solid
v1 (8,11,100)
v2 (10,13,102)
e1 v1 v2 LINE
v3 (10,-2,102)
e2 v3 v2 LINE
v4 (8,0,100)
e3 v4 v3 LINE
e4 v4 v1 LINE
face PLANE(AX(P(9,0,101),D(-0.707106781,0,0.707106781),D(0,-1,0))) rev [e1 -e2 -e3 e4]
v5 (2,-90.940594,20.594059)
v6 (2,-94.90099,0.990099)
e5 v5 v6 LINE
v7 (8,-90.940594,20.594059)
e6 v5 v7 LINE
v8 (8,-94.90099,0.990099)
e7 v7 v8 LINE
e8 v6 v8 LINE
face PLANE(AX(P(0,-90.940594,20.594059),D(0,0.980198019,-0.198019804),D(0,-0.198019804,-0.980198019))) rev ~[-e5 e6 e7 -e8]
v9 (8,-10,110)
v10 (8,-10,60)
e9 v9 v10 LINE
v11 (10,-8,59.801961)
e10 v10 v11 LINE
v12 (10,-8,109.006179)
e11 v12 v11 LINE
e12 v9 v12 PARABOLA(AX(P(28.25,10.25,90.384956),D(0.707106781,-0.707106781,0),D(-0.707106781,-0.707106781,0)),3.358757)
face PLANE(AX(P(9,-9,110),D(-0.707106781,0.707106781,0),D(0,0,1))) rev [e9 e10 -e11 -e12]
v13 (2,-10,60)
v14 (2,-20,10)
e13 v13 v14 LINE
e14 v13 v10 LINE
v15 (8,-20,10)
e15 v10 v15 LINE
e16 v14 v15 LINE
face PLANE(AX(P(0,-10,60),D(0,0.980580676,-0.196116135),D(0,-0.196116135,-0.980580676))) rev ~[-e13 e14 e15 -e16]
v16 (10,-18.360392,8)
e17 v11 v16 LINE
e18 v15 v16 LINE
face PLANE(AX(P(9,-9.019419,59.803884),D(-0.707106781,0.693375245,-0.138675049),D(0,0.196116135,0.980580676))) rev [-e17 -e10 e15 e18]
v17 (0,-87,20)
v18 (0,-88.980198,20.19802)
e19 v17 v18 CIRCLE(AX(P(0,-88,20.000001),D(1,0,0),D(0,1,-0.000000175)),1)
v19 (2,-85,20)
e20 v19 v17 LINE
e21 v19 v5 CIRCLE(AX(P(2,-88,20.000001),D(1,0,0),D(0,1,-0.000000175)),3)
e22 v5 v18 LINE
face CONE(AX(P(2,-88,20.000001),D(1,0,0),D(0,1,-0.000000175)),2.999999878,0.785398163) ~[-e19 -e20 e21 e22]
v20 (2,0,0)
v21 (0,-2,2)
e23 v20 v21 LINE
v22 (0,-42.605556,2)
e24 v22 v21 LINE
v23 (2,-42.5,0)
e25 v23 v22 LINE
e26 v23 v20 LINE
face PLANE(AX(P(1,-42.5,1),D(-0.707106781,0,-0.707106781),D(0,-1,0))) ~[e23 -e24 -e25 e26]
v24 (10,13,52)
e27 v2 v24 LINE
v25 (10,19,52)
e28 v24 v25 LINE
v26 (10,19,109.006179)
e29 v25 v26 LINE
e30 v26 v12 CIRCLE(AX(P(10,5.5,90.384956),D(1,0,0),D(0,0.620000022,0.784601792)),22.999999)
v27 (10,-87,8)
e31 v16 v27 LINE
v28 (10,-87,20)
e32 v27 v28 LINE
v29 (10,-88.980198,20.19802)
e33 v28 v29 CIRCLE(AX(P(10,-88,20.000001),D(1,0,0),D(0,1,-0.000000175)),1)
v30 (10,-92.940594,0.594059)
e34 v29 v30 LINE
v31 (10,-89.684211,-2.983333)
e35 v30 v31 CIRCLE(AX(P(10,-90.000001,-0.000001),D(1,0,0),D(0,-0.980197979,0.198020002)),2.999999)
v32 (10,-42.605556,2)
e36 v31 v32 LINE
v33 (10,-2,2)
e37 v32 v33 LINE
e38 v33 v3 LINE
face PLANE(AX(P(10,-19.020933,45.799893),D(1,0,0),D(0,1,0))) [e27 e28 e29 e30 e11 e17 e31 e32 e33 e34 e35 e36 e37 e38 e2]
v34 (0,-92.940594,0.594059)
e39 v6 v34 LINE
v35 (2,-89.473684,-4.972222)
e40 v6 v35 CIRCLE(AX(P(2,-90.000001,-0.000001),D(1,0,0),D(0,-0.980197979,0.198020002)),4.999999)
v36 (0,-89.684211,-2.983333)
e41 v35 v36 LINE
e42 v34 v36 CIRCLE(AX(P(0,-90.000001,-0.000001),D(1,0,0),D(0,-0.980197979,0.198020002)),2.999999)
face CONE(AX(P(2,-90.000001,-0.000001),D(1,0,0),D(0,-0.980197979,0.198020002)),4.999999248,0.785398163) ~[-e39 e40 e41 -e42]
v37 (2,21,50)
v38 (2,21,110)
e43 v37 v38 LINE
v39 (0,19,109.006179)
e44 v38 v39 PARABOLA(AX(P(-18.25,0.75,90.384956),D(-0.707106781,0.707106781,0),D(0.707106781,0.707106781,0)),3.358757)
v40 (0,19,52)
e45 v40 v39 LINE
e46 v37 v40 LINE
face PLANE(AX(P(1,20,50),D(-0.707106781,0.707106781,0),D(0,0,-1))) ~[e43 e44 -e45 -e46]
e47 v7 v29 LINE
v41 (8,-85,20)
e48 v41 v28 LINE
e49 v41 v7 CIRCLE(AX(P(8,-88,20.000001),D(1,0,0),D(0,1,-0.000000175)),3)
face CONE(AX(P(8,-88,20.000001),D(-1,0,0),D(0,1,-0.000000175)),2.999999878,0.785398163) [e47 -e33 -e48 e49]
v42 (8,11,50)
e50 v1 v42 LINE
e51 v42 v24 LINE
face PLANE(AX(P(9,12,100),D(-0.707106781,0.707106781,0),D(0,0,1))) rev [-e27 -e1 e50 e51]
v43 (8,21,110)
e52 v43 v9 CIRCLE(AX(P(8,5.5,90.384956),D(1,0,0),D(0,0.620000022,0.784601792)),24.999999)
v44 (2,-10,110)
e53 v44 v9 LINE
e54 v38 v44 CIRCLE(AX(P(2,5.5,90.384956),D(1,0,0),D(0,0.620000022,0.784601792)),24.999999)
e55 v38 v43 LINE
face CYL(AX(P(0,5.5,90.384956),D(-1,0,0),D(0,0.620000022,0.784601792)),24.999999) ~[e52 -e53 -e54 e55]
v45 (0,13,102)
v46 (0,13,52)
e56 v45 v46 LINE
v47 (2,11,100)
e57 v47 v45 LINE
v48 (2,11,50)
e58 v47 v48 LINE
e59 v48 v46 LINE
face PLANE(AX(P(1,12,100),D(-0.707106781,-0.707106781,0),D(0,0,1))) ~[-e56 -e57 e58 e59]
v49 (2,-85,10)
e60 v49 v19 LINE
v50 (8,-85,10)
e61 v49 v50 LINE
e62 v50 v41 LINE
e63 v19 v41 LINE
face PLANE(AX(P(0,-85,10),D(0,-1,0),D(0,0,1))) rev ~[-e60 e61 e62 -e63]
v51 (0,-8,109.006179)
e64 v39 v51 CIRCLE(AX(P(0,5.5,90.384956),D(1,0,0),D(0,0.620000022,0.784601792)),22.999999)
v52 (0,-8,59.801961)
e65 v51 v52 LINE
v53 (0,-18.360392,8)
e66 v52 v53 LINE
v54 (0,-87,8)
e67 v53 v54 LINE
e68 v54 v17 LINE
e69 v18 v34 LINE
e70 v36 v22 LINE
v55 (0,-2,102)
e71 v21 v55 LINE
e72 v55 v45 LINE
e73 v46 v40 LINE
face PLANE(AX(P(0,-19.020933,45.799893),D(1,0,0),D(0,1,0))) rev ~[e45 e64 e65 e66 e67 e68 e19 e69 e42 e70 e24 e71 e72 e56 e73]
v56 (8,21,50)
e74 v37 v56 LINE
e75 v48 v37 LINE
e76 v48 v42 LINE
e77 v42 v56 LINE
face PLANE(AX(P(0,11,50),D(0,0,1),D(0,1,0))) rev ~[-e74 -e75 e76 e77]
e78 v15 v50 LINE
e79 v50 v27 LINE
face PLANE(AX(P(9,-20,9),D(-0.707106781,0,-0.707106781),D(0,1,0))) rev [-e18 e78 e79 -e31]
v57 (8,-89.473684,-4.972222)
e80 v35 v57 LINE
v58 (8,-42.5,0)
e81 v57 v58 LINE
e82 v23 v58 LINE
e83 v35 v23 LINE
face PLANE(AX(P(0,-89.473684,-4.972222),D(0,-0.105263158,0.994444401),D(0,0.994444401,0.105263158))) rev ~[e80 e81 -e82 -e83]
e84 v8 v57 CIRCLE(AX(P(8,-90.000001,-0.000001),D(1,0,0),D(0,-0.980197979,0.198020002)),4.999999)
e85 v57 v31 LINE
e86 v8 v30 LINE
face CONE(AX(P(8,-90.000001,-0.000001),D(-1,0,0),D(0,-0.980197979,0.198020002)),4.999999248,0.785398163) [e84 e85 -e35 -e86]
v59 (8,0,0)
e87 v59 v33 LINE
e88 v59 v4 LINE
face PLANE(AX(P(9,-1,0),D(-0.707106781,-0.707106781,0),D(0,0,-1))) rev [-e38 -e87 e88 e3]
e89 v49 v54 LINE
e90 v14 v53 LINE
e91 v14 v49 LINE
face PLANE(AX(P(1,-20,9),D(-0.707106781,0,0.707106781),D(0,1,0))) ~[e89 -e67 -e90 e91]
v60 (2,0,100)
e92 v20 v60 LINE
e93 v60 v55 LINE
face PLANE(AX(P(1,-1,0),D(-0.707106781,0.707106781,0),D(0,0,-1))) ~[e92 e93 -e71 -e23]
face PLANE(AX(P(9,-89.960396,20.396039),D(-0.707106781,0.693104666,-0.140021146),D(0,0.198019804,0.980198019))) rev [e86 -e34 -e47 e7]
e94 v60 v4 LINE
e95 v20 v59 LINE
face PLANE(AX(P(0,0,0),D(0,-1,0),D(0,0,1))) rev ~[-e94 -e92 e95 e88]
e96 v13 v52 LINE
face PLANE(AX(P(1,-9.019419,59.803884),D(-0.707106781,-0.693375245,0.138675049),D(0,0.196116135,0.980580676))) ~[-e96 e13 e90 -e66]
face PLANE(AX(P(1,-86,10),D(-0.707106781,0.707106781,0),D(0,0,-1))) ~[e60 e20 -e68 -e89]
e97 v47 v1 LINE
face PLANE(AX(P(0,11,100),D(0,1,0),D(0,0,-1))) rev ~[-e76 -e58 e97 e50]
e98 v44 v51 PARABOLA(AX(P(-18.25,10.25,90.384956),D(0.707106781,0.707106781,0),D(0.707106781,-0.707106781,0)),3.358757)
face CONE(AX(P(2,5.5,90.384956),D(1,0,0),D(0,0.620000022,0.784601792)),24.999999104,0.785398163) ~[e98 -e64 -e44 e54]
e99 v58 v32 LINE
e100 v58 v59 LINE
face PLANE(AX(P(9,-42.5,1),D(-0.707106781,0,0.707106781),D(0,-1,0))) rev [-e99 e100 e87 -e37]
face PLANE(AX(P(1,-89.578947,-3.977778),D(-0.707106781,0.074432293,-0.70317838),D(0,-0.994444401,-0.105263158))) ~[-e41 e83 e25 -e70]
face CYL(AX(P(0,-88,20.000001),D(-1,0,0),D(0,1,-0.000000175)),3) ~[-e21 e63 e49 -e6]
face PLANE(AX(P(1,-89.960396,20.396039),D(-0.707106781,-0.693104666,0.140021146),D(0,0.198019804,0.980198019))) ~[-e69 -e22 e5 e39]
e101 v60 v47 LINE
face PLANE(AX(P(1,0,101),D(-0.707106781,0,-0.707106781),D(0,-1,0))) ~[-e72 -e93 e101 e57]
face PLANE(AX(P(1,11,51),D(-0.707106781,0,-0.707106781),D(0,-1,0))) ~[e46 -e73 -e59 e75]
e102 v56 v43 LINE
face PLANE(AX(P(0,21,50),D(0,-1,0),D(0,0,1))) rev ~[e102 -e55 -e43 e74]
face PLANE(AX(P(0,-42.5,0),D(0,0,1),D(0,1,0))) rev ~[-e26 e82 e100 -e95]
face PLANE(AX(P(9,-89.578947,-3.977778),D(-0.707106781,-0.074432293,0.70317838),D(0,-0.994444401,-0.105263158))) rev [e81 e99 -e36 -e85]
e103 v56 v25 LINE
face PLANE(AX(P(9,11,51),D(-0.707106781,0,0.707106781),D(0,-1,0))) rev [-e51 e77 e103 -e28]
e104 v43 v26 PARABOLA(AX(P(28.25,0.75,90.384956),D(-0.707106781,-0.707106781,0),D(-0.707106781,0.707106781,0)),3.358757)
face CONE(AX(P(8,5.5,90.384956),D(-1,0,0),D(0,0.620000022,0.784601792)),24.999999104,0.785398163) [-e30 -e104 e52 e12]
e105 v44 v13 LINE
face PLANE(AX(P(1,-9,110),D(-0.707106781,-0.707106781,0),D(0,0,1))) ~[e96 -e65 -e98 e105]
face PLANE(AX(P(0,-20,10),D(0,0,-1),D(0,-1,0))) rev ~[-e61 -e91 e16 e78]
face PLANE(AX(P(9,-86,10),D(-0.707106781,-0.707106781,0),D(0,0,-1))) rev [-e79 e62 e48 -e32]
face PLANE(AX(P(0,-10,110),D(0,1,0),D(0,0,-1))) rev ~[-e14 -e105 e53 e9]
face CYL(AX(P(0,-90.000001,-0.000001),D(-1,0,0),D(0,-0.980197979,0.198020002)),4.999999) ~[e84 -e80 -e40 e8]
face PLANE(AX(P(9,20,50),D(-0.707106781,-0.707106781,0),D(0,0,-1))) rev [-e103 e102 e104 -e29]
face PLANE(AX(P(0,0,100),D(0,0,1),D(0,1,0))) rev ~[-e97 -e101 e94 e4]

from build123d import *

# Parameters (mm, degrees)
F1_DEPTH = 10
F2_SIZE  = 2


with BuildPart() as f1:
    # F0 (on Right) → F1 (new body)
    with BuildSketch(Plane.YZ):
        with BuildLine():
            Line((-42.5, 0), (0, 0))
            Line((0, 0), (0, 100))
            Line((0, 100), (11, 100))
            Line((11, 100), (11, 50))
            Line((11, 50), (21, 50))
            Line((21, 50), (21, 110))
            ThreePointArc((21, 110), (5.5, 115.384955), (-10, 110))
            Line((-10, 110), (-10, 60))
            Line((-10, 60), (-20, 10))
            Line((-20, 10), (-85, 10))
            Line((-85, 10), (-85, 20))
            ThreePointArc((-85, 20), (-87.701489, 22.985112), (-90.940594, 20.594059))
            Line((-90.940594, 20.594059), (-94.90099, 0.990099))
            ThreePointArc((-94.90099, 0.990099), (-93.697535, -3.365745), (-89.473684, -4.972222))
            Line((-89.473684, -4.972222), (-42.5, 0))
        make_face()
    extrude(amount=F1_DEPTH)

    # F2
    f2_edges = [f1.edges().sort_by_distance(p)[0] for p in [
        (0, -93.697535, -3.365745),
        (0, -65.986842, -2.486111),
        (0, -21.25, 0),
        (0, 0, 50),
        (0, 5.5, 100),
        (0, 11, 75),
        (0, 16, 50),
        (0, 21, 80),
        (0, 5.5, 115.384955),
        (0, -10, 85),
        (0, -15, 35),
        (0, -52.5, 10),
        (0, -85, 15),
        (0, -87.701489, 22.985112),
        (0, -92.920792, 10.792079),
        (10, -93.697535, -3.365745),
        (10, -65.986842, -2.486111),
        (10, -21.25, 0),
        (10, 0, 50),
        (10, 5.5, 100),
        (10, 11, 75),
        (10, 16, 50),
        (10, 21, 80),
        (10, 5.5, 115.384955),
        (10, -10, 85),
        (10, -15, 35),
        (10, -52.5, 10),
        (10, -85, 15),
        (10, -87.701489, 22.985112),
        (10, -92.920792, 10.792079),
    ]]
    chamfer(f2_edges, length=F2_SIZE)


solid = f1.part
